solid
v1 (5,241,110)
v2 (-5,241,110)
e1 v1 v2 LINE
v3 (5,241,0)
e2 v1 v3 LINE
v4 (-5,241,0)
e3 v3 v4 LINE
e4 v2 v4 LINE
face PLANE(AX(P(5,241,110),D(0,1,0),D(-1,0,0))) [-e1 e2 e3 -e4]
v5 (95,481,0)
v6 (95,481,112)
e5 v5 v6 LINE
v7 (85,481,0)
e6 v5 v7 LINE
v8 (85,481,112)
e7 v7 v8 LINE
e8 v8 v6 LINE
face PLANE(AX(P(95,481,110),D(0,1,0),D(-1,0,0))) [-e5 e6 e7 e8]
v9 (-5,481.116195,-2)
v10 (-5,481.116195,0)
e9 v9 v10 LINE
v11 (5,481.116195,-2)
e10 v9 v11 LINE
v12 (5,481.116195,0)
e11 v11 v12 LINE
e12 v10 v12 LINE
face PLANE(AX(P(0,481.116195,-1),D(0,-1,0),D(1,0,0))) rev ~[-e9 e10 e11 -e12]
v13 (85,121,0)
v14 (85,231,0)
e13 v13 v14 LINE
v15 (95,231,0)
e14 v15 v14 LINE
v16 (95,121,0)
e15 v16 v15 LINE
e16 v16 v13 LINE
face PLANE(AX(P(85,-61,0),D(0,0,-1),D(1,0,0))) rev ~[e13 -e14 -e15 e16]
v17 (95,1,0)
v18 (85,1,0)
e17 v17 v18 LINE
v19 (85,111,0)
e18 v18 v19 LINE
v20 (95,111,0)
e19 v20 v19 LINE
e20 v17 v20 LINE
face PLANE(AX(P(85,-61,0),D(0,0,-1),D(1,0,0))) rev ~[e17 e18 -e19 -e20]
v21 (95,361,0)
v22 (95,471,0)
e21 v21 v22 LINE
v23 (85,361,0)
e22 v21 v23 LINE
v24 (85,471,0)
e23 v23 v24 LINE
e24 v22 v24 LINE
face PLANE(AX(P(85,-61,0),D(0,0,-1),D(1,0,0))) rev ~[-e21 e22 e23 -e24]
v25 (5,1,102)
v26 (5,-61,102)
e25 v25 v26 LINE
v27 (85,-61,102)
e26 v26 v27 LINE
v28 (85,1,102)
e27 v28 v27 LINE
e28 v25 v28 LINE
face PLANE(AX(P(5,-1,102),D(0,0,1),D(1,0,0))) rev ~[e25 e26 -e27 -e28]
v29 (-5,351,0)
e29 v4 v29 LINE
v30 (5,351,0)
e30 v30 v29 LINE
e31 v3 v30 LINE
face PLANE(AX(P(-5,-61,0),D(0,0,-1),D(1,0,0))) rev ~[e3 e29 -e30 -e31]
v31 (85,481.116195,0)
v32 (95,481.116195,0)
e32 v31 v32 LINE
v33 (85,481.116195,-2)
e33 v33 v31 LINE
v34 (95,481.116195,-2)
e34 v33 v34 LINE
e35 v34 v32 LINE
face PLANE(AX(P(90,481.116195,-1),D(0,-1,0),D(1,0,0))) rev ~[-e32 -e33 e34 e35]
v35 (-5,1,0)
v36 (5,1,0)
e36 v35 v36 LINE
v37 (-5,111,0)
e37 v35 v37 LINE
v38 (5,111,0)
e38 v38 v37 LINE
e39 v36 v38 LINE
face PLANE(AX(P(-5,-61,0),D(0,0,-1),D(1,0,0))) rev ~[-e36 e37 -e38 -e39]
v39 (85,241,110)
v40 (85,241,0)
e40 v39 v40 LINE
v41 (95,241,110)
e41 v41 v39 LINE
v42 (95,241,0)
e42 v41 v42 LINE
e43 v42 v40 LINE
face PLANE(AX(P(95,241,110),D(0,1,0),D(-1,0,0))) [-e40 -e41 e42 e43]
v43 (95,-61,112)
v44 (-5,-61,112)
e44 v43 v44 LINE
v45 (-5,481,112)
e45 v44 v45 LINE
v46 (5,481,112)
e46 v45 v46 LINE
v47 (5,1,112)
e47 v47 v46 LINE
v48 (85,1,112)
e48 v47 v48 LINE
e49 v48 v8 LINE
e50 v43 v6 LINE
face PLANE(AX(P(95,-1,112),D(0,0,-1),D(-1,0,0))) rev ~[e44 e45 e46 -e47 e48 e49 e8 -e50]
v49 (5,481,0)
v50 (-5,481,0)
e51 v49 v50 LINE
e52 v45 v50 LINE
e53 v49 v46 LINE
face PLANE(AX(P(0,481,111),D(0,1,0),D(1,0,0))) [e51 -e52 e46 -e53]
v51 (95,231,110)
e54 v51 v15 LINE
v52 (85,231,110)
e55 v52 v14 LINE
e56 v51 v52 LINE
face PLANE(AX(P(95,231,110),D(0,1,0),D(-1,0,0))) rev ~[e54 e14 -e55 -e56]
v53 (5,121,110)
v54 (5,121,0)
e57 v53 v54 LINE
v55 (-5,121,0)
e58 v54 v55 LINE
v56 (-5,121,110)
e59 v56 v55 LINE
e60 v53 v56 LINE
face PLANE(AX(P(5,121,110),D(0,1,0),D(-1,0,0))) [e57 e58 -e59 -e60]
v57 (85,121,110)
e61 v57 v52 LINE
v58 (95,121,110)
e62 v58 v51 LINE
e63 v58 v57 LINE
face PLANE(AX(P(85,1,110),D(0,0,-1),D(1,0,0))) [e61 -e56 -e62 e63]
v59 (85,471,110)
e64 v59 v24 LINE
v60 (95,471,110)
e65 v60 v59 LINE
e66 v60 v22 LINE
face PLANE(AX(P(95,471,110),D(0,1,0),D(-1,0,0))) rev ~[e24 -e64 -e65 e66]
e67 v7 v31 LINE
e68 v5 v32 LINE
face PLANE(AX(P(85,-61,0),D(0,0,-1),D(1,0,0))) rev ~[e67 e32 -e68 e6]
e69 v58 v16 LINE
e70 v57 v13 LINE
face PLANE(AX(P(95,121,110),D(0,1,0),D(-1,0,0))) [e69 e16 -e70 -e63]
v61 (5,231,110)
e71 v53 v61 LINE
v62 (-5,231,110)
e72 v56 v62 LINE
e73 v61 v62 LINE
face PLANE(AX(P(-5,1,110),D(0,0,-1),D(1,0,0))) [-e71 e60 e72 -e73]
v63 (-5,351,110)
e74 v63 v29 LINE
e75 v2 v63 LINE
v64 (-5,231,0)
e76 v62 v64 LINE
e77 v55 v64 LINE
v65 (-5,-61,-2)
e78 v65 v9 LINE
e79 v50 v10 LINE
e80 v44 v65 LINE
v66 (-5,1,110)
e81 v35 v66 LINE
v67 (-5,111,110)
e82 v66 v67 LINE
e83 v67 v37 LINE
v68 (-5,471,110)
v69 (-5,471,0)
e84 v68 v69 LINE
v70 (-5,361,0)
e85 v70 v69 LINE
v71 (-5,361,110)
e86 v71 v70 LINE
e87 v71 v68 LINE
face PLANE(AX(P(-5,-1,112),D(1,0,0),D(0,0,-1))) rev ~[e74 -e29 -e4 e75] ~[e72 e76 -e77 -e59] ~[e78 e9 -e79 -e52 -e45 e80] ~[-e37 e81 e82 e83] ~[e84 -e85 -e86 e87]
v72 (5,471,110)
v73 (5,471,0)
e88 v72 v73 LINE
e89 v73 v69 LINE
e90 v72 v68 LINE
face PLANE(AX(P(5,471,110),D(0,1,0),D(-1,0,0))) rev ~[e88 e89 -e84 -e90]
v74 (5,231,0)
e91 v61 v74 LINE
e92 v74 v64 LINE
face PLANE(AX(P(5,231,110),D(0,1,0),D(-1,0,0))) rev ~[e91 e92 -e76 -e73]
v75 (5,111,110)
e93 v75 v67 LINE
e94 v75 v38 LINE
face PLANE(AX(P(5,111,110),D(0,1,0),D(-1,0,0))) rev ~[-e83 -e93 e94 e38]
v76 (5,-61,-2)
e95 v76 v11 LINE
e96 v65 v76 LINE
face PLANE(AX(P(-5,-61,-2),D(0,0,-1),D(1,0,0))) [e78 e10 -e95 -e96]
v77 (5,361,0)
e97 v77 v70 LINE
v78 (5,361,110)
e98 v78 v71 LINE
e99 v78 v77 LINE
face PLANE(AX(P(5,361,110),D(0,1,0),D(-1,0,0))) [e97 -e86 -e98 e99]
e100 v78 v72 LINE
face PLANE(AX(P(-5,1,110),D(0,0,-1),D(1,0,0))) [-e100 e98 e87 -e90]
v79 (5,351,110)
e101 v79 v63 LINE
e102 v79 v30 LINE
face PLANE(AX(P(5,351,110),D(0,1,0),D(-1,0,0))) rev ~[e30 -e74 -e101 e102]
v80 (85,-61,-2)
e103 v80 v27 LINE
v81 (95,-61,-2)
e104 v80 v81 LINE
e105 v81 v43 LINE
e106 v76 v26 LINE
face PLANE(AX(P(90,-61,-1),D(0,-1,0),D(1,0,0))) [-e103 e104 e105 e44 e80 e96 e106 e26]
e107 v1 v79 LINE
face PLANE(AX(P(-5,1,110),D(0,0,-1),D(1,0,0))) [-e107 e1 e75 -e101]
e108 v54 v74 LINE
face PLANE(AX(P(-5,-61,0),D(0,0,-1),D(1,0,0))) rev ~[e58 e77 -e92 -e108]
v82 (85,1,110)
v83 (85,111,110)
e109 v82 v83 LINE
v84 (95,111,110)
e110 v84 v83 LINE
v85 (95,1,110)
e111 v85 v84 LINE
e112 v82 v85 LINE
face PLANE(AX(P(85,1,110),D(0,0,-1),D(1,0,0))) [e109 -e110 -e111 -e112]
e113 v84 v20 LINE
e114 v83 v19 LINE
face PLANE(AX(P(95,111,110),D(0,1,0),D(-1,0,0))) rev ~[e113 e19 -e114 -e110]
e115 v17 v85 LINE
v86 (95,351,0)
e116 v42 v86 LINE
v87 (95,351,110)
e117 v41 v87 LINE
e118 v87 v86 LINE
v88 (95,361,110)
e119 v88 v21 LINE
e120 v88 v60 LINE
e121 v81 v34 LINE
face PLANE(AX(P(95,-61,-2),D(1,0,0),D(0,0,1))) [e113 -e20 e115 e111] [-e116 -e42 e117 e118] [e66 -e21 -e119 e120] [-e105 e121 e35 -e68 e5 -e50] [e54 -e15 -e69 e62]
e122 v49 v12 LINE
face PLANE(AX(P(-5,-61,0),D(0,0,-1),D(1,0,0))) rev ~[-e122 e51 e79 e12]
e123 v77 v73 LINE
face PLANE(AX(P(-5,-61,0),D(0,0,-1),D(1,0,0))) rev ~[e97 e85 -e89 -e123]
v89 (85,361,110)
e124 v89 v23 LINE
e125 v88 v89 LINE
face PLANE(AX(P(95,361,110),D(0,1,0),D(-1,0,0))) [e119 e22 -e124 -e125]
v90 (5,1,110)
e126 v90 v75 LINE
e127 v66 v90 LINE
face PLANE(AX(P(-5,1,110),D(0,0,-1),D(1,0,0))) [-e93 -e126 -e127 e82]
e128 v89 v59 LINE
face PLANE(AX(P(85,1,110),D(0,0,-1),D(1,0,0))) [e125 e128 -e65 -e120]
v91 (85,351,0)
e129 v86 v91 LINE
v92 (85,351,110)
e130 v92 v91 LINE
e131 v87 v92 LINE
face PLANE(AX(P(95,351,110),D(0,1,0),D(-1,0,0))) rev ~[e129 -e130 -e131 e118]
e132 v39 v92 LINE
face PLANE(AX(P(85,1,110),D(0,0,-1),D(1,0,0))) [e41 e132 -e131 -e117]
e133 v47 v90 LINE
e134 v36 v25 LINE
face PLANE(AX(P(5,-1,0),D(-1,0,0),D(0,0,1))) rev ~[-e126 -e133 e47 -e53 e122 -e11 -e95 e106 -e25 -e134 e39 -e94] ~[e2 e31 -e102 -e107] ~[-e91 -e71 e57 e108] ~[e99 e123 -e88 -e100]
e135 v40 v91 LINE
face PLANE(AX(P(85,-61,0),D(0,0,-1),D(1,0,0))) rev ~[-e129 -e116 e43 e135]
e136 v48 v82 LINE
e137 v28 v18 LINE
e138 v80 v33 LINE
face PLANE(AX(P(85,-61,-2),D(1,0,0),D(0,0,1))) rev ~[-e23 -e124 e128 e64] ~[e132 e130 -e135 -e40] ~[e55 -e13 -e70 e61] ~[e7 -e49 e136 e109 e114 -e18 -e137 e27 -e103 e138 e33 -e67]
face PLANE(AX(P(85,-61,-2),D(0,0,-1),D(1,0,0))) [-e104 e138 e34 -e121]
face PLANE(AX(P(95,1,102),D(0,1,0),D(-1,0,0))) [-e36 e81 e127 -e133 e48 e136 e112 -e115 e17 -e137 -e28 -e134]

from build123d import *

# Parameters (mm, degrees)
SKETCH1_W            = 10
SKETCH1_H            = 2
BOSS_EXTRUDE1_DEPTH  = 112
SKETCH2_W            = 10
SKETCH2_H            = 2
BOSS_EXTRUDE2_DEPTH  = 480
SKETCH3_W            = 10
SKETCH3_H            = 2
BOSS_EXTRUDE3_DEPTH  = 90
SKETCH4_W            = 10
SKETCH4_H            = 2
BOSS_EXTRUDE4_DEPTH  = 102
SKETCH5_W            = 10
SKETCH5_H            = 2
BOSS_EXTRUDE5_DEPTH  = 480
SKETCH6_W            = 10
SKETCH6_H            = 10
BOSS_EXTRUDE6_DEPTH  = 110
SKETCH7_W            = 10
SKETCH7_H            = 10
BOSS_EXTRUDE7_DEPTH  = 110
SKETCH8_W            = 10
SKETCH8_H            = 10
BOSS_EXTRUDE8_DEPTH  = 110
SKETCH9_W            = 10
SKETCH9_H            = 10
BOSS_EXTRUDE9_DEPTH  = 110
BOSS_EXTRUDE10_DEPTH = 60
SKETCH12_W           = 10
SKETCH12_H           = 2
BOSS_EXTRUDE11_DEPTH = 542.116195333


with BuildPart() as part:
    # Sketch1 → Boss-Extrude1 (new body)
    with BuildSketch(Plane.XY):
        Rectangle(SKETCH1_W, SKETCH1_H)
    extrude(amount=BOSS_EXTRUDE1_DEPTH)

    # Sketch2 → Boss-Extrude2 (add)
    with BuildSketch(Plane(origin=(0, 1, 0), x_dir=(1, 0, 0), z_dir=(0, 1, 0))):
        with Locations((0, -111)):
            Rectangle(SKETCH2_W, SKETCH2_H)
    extrude(amount=BOSS_EXTRUDE2_DEPTH)

    # Sketch3 → Boss-Extrude3 (add)
    with BuildSketch(Plane(origin=(5, 0, 0), x_dir=(0, 0, -1), z_dir=(1, 0, 0))):
        with Locations((-107, 0)):
            Rectangle(SKETCH3_W, SKETCH3_H)
    extrude(amount=BOSS_EXTRUDE3_DEPTH)

    # Sketch4 → Boss-Extrude4 (add)
    with BuildSketch(Plane(origin=(0, 0, 102), x_dir=(-1, 0, 0), z_dir=(0, 0, -1))):
        with Locations((-90, 0)):
            Rectangle(SKETCH4_W, SKETCH4_H)
    extrude(amount=BOSS_EXTRUDE4_DEPTH)

    # Sketch5 → Boss-Extrude5 (add)
    with BuildSketch(Plane(origin=(0, 1, 0), x_dir=(1, 0, 0), z_dir=(0, 1, 0))):
        with Locations((90, -111)):
            Rectangle(SKETCH5_W, SKETCH5_H)
    extrude(amount=BOSS_EXTRUDE5_DEPTH)

    # Sketch6 → Boss-Extrude6 (add)
    with BuildSketch(Plane(origin=(0, 0, 110), x_dir=(-1, 0, 0), z_dir=(0, 0, -1))):
        with Locations((-90, 116)):
            Rectangle(SKETCH6_W, SKETCH6_H)
        with Locations((0, 116)):
            Rectangle(SKETCH6_W, SKETCH6_H)
    extrude(amount=BOSS_EXTRUDE6_DEPTH)

    # Sketch7 → Boss-Extrude7 (add)
    with BuildSketch(Plane(origin=(0, 0, 110), x_dir=(-1, 0, 0), z_dir=(0, 0, -1))):
        with Locations((-90, 236)):
            Rectangle(SKETCH7_W, SKETCH7_H)
        with Locations((0, 236)):
            Rectangle(SKETCH7_W, SKETCH7_H)
    extrude(amount=BOSS_EXTRUDE7_DEPTH)

    # Sketch8 → Boss-Extrude8 (add)
    with BuildSketch(Plane(origin=(0, 0, 110), x_dir=(-1, 0, 0), z_dir=(0, 0, -1))):
        with Locations((-90, 356)):
            Rectangle(SKETCH8_W, SKETCH8_H)
        with Locations((0, 356)):
            Rectangle(SKETCH8_W, SKETCH8_H)
    extrude(amount=BOSS_EXTRUDE8_DEPTH)

    # Sketch9 → Boss-Extrude9 (add)
    with BuildSketch(Plane(origin=(0, 0, 110), x_dir=(-1, 0, 0), z_dir=(0, 0, -1))):
        with Locations((-90, 476)):
            Rectangle(SKETCH9_W, SKETCH9_H)
        with Locations((0, 476)):
            Rectangle(SKETCH9_W, SKETCH9_H)
    extrude(amount=BOSS_EXTRUDE9_DEPTH)

    # Sketch11 → Boss-Extrude10 (add)
    with BuildSketch(Plane.XZ.offset(1)):
        Polygon((-5, 112), (-5, 0), (5, 0), (5, 102), (85, 102), (85, 0), (95, 0), (95, 112), align=None)
    extrude(amount=BOSS_EXTRUDE10_DEPTH)

    # Sketch12 → Boss-Extrude11 (add)
    with BuildSketch(Plane.XZ.offset(61)):
        with Locations((90, -1)):
            Rectangle(SKETCH12_W, SKETCH12_H)
        with Locations((0, -1)):
            Rectangle(SKETCH12_W, SKETCH12_H)
    extrude(amount=-BOSS_EXTRUDE11_DEPTH)


solid = part.part
